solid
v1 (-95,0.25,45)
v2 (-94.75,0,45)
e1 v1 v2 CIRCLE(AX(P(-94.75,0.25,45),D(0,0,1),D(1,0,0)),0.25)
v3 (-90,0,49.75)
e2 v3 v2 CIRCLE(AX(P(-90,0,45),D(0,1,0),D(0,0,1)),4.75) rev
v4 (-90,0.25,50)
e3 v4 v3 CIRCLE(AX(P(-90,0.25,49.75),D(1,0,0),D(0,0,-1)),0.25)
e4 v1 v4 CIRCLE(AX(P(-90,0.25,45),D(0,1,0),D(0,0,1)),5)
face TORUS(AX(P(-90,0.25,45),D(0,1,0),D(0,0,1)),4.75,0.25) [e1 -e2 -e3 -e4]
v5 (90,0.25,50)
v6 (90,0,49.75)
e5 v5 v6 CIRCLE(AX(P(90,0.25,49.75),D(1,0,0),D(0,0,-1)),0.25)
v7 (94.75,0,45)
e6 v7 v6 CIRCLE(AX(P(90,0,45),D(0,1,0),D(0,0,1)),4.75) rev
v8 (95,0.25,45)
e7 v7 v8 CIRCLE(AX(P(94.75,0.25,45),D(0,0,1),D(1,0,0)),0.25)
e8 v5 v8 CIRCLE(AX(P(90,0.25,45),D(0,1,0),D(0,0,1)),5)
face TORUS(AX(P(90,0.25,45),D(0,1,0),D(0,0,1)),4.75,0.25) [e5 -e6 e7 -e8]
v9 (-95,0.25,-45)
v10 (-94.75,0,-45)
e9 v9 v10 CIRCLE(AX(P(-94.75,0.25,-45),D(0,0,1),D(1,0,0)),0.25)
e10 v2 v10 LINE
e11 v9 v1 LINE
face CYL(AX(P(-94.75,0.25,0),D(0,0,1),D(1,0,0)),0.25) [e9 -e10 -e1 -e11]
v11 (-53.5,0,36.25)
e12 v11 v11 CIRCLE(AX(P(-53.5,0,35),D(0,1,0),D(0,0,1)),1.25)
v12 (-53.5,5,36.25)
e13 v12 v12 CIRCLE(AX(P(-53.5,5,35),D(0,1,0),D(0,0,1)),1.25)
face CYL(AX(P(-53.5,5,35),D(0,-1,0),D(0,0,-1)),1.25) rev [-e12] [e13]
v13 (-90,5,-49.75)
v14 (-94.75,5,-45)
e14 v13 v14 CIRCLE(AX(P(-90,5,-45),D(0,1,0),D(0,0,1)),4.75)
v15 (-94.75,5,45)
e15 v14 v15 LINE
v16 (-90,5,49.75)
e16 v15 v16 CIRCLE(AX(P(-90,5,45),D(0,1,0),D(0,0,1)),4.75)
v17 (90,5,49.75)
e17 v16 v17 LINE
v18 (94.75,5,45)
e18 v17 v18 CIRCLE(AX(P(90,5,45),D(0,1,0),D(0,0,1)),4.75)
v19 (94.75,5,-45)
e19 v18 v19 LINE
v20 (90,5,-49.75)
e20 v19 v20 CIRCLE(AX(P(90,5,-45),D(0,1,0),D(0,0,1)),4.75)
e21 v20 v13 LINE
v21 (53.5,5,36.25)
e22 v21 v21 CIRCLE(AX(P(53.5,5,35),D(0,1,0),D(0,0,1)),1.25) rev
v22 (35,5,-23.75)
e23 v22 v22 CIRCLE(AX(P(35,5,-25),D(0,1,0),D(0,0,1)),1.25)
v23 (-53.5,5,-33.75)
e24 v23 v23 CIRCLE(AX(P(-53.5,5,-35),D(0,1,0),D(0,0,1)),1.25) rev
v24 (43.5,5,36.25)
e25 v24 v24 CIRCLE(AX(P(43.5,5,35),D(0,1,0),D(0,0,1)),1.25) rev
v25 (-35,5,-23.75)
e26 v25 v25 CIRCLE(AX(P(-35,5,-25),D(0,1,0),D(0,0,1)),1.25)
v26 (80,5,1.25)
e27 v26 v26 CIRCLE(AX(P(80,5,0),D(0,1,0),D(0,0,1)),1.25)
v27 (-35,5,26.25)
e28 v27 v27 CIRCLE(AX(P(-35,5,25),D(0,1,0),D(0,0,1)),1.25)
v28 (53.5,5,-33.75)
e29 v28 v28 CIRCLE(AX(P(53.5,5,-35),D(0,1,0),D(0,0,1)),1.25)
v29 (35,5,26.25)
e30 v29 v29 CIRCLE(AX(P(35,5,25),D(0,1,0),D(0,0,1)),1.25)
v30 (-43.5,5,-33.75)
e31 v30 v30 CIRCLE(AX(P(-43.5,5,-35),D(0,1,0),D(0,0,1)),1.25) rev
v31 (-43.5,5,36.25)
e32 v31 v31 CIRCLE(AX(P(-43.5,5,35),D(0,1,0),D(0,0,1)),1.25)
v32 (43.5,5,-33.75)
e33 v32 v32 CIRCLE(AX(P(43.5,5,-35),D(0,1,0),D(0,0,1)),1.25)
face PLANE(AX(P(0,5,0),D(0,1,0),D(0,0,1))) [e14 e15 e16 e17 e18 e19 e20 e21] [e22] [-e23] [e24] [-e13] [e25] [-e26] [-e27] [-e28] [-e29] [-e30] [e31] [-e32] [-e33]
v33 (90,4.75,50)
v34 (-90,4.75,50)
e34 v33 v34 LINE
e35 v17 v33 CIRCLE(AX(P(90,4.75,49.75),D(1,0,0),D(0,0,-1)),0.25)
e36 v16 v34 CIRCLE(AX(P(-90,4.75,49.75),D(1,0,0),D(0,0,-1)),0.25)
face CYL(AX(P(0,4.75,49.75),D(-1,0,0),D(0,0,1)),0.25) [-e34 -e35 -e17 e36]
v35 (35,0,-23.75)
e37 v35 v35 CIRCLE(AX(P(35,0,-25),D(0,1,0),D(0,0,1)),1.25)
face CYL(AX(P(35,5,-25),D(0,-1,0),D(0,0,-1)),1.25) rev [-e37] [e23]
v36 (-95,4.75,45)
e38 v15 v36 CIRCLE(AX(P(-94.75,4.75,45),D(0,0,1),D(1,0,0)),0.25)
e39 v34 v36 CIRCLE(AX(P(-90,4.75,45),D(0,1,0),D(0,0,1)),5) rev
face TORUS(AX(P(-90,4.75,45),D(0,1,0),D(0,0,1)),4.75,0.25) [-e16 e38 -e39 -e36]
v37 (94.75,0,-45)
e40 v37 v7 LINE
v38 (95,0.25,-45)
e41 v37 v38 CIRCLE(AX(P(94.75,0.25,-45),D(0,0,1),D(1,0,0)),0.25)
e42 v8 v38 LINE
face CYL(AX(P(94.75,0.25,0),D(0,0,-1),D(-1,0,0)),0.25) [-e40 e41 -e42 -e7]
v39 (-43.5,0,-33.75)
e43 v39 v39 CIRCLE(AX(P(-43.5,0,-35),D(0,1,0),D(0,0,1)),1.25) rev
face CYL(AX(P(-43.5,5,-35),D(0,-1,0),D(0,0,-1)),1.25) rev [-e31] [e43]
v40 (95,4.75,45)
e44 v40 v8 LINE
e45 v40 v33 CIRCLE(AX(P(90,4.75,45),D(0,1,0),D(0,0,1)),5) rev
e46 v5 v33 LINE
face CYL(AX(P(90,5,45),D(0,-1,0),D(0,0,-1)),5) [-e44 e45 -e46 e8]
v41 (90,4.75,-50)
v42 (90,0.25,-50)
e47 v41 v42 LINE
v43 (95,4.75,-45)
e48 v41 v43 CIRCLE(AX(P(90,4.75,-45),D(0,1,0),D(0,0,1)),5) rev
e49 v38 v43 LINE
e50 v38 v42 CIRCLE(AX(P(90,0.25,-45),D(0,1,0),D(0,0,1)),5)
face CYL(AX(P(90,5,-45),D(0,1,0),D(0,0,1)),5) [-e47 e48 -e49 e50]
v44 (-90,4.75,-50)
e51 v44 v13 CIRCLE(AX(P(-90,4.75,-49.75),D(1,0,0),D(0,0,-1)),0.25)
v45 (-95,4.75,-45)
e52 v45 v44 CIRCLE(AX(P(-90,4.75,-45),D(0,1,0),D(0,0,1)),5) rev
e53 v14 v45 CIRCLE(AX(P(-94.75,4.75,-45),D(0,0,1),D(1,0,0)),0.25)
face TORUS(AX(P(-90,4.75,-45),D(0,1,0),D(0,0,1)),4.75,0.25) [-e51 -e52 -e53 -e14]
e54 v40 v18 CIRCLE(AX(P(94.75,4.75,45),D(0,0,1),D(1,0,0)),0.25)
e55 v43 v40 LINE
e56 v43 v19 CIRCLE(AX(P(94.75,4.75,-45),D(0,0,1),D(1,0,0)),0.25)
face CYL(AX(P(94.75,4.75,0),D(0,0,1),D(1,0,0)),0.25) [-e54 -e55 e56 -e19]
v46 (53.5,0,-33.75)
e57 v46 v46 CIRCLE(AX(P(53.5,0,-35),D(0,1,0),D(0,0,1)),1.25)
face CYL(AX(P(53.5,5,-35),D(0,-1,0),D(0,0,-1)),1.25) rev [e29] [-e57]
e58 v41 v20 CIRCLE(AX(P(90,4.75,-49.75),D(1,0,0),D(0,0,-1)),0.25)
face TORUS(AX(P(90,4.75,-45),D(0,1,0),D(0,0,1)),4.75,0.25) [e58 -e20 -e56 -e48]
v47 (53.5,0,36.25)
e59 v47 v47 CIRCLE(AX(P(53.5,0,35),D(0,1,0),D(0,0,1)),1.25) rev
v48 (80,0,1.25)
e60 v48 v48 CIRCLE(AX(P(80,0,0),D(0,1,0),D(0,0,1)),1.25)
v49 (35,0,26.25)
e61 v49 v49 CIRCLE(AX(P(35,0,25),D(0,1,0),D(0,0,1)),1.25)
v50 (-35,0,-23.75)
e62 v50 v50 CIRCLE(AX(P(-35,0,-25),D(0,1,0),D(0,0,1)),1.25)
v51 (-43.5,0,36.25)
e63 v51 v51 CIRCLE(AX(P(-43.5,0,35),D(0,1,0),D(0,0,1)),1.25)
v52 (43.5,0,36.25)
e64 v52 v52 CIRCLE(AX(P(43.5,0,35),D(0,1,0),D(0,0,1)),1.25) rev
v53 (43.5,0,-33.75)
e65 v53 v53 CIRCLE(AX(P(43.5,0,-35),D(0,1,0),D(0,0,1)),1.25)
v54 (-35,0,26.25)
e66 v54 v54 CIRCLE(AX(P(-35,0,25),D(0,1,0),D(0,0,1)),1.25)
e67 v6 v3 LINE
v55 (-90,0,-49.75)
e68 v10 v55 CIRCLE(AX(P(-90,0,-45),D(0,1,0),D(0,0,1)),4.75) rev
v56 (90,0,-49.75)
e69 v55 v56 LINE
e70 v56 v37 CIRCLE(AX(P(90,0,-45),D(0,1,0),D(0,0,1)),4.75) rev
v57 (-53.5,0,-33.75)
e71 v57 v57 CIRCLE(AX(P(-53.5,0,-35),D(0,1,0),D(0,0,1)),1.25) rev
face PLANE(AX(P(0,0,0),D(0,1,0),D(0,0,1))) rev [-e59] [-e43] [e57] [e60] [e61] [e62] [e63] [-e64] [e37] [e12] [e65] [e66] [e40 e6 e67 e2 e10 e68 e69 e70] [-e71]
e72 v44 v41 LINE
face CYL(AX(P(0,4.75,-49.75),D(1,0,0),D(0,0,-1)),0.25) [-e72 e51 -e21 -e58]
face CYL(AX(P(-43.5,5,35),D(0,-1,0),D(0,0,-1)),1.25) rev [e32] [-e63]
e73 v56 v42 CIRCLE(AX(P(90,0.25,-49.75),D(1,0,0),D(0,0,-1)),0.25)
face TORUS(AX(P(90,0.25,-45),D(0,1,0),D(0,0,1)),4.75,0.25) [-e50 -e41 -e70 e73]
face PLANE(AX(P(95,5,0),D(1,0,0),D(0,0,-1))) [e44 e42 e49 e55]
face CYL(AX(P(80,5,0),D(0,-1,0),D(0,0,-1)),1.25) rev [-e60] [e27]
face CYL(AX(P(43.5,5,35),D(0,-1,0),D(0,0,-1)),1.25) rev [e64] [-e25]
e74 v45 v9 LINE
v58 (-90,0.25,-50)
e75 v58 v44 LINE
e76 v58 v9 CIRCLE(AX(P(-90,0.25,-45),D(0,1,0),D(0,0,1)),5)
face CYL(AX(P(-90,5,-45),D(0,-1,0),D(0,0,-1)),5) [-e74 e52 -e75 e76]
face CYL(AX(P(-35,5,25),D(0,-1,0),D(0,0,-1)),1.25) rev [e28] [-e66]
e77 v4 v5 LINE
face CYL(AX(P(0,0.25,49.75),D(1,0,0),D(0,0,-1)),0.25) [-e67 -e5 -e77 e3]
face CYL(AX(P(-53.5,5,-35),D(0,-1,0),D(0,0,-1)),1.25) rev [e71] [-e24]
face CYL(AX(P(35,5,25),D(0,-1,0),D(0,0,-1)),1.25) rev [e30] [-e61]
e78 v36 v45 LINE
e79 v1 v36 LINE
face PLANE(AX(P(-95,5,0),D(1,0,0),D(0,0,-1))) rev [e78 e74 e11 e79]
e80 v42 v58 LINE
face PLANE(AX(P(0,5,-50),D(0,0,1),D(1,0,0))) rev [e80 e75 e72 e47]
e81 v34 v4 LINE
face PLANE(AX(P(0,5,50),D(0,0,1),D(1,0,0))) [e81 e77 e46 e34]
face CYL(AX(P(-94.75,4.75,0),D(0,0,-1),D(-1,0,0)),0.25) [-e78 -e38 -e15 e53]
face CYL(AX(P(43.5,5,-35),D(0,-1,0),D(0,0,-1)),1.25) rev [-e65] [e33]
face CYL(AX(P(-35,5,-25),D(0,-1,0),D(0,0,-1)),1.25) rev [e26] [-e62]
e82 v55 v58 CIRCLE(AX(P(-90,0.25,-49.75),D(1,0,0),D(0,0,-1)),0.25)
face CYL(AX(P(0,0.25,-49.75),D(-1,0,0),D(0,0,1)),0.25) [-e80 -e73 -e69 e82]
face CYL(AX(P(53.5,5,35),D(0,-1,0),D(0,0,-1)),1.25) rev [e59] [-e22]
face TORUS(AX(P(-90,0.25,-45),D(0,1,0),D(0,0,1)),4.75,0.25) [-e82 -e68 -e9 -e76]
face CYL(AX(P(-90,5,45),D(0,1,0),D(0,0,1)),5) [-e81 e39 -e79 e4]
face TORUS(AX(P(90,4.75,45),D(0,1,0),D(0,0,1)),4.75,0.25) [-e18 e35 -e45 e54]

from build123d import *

# Parameters (mm, degrees)
SKETCH1_W           = 190
SKETCH1_H           = 100
SKETCH1_R           = 1.25
BOSS_EXTRUDE1_DEPTH = 5
FILLET1_R           = 5
FILLET2_R           = 0.25
BOSS_EXTRUDE2_DEPTH = 5


with BuildPart() as part:
    # Sketch1 → Boss-Extrude1 (new body)
    with BuildSketch(Plane(origin=(0, 0, 0), x_dir=(1, 0, 0), z_dir=(0, 1, 0))):
        Rectangle(SKETCH1_W, SKETCH1_H)
        with Locations((-53.5, -35)):
            Circle(SKETCH1_R, mode=Mode.SUBTRACT)
        with Locations((-43.5, -35)):
            Circle(SKETCH1_R, mode=Mode.SUBTRACT)
        with Locations((43.5, -35)):
            Circle(SKETCH1_R, mode=Mode.SUBTRACT)
        with Locations((53.5, -35)):
            Circle(SKETCH1_R, mode=Mode.SUBTRACT)
        with BuildLine():
            ThreePointArc((-35, 23.75), (-35.883883476, 25.883883476), (-33.75, 25))
            Line((-33.75, 25), (33.75, 25))
            ThreePointArc((33.75, 25), (35, 26.25), (36.25, 25))
            ThreePointArc((36.25, 25), (35.883883476, 24.116116524), (35, 23.75))
            Line((35, 23.75), (35, -23.75))
            ThreePointArc((35, -23.75), (35.883883476, -24.116116524), (36.25, -25))
            ThreePointArc((36.25, -25), (35, -26.25), (33.75, -25))
            Line((33.75, -25), (-33.75, -25))
            ThreePointArc((-33.75, -25), (-35.883883476, -25.883883476), (-35, -23.75))
            Line((-35, -23.75), (-35, 23.75))
        make_face(mode=Mode.SUBTRACT)
        with Locations((-53.5, 35)):
            Circle(SKETCH1_R, mode=Mode.SUBTRACT)
        with Locations((-43.5, 35)):
            Circle(SKETCH1_R, mode=Mode.SUBTRACT)
        with Locations((80, 0)):
            Circle(SKETCH1_R, mode=Mode.SUBTRACT)
        with Locations((43.5, 35)):
            Circle(SKETCH1_R, mode=Mode.SUBTRACT)
        with Locations((53.5, 35)):
            Circle(SKETCH1_R, mode=Mode.SUBTRACT)
    extrude(amount=BOSS_EXTRUDE1_DEPTH)

    # Fillet1
    fillet1_edges = [part.edges().sort_by_distance(p)[0] for p in [
        (95, 2.5, -50),
        (95, 2.5, 50),
        (-95, 2.5, 50),
        (-95, 2.5, -50),
    ]]
    fillet(fillet1_edges, radius=FILLET1_R)

    # Fillet2
    fillet2_edges = [part.edges().sort_by_distance(p)[0] for p in [
        (0, 0, -50),
        (0, 5, -50),
        (95, 0, 0),
        (0, 0, 50),
        (-95, 0, 0),
        (-93.535533906, 0, 48.535533906),
        (-93.535533906, 0, -48.535533906),
        (93.535533906, 0, 48.535533906),
        (93.535533906, 0, -48.535533906),
        (95, 5, 0),
        (-95, 5, 0),
        (0, 5, 50),
        (-93.535533906, 5, 48.535533906),
        (-93.535533906, 5, -48.535533906),
        (93.535533906, 5, 48.535533906),
        (93.535533906, 5, -48.535533906),
    ]]
    fillet(fillet2_edges, radius=FILLET2_R)

    # Sketch1<4> → Boss-Extrude2 (add)
    with BuildSketch(Plane(origin=(0, 0, 0), x_dir=(1, 0, 0), z_dir=(0, 1, 0))):
        with BuildLine():
            Line((33.75, 25), (-33.75, 25))
            ThreePointArc((-33.75, 25), (-34.116116524, 24.116116524), (-35, 23.75))
            Line((-35, 23.75), (-35, -23.75))
            ThreePointArc((-35, -23.75), (-34.116116524, -24.116116524), (-33.75, -25))
            Line((-33.75, -25), (33.75, -25))
            ThreePointArc((33.75, -25), (34.116116524, -24.116116524), (35, -23.75))
            Line((35, -23.75), (35, 23.75))
            ThreePointArc((35, 23.75), (34.116116524, 24.116116524), (33.75, 25))
        make_face()
    extrude(amount=BOSS_EXTRUDE2_DEPTH)


solid = part.part
